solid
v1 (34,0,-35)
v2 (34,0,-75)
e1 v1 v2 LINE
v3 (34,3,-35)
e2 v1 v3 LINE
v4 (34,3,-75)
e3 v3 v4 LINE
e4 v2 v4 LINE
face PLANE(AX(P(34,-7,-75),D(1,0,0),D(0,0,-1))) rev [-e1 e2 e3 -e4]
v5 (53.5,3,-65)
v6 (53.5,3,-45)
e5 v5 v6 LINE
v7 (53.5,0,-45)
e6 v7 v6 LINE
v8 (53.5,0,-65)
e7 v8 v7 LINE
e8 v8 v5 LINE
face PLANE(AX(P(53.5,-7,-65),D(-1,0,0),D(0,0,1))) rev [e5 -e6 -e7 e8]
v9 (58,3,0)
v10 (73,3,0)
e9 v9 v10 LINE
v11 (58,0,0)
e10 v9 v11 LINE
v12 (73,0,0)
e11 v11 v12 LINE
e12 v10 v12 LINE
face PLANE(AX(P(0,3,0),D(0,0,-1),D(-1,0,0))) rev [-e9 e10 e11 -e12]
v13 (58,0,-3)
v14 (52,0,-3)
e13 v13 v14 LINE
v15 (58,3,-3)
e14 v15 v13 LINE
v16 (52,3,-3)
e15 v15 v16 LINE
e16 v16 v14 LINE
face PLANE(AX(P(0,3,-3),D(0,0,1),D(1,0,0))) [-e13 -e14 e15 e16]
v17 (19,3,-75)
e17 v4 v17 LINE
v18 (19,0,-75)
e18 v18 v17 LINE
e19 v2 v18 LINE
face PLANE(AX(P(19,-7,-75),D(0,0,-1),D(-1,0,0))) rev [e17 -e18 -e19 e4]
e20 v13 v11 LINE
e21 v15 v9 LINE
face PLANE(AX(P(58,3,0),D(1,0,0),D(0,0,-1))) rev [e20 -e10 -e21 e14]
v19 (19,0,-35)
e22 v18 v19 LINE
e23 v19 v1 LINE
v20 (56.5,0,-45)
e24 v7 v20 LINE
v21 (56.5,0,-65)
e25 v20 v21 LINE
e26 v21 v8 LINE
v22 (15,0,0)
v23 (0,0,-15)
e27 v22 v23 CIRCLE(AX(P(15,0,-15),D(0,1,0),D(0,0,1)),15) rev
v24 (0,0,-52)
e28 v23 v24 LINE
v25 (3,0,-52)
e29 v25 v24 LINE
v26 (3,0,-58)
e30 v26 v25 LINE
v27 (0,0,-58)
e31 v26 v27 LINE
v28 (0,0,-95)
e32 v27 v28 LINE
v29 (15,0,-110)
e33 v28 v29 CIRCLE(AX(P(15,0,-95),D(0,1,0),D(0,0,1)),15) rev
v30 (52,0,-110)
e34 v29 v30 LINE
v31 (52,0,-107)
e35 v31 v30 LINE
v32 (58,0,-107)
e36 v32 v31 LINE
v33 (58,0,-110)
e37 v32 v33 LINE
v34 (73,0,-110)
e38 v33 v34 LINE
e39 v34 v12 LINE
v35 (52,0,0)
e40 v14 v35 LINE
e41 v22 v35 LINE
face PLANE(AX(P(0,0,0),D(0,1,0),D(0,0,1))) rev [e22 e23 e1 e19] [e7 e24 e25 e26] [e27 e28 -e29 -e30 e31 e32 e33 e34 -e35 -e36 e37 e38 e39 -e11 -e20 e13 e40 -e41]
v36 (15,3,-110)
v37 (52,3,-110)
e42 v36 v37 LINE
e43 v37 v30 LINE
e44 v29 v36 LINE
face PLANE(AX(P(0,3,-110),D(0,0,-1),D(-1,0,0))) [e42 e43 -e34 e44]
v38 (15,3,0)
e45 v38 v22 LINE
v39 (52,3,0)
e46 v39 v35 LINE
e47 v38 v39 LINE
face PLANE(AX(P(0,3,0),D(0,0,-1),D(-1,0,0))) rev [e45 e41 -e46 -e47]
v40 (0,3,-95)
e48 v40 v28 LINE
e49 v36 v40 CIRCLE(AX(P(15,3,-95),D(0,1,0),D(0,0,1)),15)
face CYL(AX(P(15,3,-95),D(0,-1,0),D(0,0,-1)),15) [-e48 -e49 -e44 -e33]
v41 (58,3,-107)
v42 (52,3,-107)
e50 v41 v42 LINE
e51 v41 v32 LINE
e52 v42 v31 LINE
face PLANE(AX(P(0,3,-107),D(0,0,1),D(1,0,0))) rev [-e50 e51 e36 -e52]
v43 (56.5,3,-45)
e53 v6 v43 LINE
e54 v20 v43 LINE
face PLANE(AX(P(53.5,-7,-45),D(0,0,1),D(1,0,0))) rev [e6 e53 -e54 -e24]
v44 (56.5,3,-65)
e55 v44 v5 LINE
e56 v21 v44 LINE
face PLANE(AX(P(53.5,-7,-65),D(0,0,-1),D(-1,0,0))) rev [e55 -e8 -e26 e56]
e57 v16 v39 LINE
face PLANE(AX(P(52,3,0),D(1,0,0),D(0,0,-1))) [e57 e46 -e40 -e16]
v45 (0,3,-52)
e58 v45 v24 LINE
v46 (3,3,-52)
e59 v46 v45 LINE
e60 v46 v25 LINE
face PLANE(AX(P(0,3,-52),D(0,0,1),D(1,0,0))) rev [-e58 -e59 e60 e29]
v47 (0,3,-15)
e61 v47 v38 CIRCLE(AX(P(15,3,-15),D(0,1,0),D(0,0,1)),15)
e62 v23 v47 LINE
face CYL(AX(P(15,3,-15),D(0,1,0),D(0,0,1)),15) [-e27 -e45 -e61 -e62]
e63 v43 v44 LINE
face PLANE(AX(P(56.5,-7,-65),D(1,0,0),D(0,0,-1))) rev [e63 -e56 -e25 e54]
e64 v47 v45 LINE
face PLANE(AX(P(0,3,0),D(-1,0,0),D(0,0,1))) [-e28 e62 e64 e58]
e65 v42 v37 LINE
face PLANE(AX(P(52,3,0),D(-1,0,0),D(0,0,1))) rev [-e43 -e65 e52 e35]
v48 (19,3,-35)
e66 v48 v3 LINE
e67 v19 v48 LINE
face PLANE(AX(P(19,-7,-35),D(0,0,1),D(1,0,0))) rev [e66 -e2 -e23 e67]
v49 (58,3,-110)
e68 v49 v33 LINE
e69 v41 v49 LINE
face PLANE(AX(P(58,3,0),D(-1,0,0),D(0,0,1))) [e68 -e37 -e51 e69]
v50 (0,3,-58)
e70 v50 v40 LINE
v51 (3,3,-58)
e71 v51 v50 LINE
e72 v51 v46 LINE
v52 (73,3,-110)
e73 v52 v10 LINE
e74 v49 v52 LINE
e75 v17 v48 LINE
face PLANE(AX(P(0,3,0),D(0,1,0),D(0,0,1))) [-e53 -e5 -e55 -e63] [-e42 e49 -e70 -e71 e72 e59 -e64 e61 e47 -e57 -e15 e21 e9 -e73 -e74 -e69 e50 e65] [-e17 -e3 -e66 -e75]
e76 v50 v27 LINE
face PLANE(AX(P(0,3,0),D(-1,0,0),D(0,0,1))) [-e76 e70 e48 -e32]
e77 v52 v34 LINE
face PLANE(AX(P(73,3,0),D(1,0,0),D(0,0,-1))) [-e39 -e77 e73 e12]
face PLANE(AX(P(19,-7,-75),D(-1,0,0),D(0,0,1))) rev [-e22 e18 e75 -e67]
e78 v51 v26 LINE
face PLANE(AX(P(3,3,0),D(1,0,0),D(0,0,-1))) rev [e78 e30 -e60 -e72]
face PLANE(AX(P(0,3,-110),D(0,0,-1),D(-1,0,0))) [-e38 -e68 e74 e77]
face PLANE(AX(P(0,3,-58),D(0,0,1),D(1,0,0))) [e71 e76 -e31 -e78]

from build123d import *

# Parameters (mm, degrees)
EXTRUDE_3_DEPTH    = 3
SKETCH1_W          = 15
SKETCH1_H          = 40
SKETCH1_W_2        = 3
SKETCH1_H_2        = 20
CUT_EXTRUDE1_DEPTH = 10
FILLET1_R          = 15


with BuildPart() as part:
    # Эскиз4 → Бобышка-Вытянуть3 (new body)
    with BuildSketch(Plane(origin=(0, 0, 0), x_dir=(1, 0, 0), z_dir=(0, 1, 0))):
        Polygon((0, 110), (0, 58), (3, 58), (3, 52), (0, 52), (0, 0), (52, 0), (52, 3), (58, 3), (58, 0), (73, 0), (73, 110), (58, 110), (58, 107), (52, 107), (52, 110), align=None)
    extrude(amount=EXTRUDE_3_DEPTH)

    # Sketch1 → Cut-Extrude1 (cut)
    with BuildSketch(Plane(origin=(0, 3, 0), x_dir=(1, 0, 0), z_dir=(0, 1, 0))):
        with Locations((26.5, 55)):
            Rectangle(SKETCH1_W, SKETCH1_H)
        with Locations((55, 55)):
            Rectangle(SKETCH1_W_2, SKETCH1_H_2)
    extrude(amount=-CUT_EXTRUDE1_DEPTH, mode=Mode.SUBTRACT)

    # Fillet1
    fillet1_edges = [part.edges().sort_by_distance(p)[0] for p in [
        (0, 1.5, 0),
        (0, 1.5, -110),
    ]]
    fillet(fillet1_edges, radius=FILLET1_R)


solid = part.part
